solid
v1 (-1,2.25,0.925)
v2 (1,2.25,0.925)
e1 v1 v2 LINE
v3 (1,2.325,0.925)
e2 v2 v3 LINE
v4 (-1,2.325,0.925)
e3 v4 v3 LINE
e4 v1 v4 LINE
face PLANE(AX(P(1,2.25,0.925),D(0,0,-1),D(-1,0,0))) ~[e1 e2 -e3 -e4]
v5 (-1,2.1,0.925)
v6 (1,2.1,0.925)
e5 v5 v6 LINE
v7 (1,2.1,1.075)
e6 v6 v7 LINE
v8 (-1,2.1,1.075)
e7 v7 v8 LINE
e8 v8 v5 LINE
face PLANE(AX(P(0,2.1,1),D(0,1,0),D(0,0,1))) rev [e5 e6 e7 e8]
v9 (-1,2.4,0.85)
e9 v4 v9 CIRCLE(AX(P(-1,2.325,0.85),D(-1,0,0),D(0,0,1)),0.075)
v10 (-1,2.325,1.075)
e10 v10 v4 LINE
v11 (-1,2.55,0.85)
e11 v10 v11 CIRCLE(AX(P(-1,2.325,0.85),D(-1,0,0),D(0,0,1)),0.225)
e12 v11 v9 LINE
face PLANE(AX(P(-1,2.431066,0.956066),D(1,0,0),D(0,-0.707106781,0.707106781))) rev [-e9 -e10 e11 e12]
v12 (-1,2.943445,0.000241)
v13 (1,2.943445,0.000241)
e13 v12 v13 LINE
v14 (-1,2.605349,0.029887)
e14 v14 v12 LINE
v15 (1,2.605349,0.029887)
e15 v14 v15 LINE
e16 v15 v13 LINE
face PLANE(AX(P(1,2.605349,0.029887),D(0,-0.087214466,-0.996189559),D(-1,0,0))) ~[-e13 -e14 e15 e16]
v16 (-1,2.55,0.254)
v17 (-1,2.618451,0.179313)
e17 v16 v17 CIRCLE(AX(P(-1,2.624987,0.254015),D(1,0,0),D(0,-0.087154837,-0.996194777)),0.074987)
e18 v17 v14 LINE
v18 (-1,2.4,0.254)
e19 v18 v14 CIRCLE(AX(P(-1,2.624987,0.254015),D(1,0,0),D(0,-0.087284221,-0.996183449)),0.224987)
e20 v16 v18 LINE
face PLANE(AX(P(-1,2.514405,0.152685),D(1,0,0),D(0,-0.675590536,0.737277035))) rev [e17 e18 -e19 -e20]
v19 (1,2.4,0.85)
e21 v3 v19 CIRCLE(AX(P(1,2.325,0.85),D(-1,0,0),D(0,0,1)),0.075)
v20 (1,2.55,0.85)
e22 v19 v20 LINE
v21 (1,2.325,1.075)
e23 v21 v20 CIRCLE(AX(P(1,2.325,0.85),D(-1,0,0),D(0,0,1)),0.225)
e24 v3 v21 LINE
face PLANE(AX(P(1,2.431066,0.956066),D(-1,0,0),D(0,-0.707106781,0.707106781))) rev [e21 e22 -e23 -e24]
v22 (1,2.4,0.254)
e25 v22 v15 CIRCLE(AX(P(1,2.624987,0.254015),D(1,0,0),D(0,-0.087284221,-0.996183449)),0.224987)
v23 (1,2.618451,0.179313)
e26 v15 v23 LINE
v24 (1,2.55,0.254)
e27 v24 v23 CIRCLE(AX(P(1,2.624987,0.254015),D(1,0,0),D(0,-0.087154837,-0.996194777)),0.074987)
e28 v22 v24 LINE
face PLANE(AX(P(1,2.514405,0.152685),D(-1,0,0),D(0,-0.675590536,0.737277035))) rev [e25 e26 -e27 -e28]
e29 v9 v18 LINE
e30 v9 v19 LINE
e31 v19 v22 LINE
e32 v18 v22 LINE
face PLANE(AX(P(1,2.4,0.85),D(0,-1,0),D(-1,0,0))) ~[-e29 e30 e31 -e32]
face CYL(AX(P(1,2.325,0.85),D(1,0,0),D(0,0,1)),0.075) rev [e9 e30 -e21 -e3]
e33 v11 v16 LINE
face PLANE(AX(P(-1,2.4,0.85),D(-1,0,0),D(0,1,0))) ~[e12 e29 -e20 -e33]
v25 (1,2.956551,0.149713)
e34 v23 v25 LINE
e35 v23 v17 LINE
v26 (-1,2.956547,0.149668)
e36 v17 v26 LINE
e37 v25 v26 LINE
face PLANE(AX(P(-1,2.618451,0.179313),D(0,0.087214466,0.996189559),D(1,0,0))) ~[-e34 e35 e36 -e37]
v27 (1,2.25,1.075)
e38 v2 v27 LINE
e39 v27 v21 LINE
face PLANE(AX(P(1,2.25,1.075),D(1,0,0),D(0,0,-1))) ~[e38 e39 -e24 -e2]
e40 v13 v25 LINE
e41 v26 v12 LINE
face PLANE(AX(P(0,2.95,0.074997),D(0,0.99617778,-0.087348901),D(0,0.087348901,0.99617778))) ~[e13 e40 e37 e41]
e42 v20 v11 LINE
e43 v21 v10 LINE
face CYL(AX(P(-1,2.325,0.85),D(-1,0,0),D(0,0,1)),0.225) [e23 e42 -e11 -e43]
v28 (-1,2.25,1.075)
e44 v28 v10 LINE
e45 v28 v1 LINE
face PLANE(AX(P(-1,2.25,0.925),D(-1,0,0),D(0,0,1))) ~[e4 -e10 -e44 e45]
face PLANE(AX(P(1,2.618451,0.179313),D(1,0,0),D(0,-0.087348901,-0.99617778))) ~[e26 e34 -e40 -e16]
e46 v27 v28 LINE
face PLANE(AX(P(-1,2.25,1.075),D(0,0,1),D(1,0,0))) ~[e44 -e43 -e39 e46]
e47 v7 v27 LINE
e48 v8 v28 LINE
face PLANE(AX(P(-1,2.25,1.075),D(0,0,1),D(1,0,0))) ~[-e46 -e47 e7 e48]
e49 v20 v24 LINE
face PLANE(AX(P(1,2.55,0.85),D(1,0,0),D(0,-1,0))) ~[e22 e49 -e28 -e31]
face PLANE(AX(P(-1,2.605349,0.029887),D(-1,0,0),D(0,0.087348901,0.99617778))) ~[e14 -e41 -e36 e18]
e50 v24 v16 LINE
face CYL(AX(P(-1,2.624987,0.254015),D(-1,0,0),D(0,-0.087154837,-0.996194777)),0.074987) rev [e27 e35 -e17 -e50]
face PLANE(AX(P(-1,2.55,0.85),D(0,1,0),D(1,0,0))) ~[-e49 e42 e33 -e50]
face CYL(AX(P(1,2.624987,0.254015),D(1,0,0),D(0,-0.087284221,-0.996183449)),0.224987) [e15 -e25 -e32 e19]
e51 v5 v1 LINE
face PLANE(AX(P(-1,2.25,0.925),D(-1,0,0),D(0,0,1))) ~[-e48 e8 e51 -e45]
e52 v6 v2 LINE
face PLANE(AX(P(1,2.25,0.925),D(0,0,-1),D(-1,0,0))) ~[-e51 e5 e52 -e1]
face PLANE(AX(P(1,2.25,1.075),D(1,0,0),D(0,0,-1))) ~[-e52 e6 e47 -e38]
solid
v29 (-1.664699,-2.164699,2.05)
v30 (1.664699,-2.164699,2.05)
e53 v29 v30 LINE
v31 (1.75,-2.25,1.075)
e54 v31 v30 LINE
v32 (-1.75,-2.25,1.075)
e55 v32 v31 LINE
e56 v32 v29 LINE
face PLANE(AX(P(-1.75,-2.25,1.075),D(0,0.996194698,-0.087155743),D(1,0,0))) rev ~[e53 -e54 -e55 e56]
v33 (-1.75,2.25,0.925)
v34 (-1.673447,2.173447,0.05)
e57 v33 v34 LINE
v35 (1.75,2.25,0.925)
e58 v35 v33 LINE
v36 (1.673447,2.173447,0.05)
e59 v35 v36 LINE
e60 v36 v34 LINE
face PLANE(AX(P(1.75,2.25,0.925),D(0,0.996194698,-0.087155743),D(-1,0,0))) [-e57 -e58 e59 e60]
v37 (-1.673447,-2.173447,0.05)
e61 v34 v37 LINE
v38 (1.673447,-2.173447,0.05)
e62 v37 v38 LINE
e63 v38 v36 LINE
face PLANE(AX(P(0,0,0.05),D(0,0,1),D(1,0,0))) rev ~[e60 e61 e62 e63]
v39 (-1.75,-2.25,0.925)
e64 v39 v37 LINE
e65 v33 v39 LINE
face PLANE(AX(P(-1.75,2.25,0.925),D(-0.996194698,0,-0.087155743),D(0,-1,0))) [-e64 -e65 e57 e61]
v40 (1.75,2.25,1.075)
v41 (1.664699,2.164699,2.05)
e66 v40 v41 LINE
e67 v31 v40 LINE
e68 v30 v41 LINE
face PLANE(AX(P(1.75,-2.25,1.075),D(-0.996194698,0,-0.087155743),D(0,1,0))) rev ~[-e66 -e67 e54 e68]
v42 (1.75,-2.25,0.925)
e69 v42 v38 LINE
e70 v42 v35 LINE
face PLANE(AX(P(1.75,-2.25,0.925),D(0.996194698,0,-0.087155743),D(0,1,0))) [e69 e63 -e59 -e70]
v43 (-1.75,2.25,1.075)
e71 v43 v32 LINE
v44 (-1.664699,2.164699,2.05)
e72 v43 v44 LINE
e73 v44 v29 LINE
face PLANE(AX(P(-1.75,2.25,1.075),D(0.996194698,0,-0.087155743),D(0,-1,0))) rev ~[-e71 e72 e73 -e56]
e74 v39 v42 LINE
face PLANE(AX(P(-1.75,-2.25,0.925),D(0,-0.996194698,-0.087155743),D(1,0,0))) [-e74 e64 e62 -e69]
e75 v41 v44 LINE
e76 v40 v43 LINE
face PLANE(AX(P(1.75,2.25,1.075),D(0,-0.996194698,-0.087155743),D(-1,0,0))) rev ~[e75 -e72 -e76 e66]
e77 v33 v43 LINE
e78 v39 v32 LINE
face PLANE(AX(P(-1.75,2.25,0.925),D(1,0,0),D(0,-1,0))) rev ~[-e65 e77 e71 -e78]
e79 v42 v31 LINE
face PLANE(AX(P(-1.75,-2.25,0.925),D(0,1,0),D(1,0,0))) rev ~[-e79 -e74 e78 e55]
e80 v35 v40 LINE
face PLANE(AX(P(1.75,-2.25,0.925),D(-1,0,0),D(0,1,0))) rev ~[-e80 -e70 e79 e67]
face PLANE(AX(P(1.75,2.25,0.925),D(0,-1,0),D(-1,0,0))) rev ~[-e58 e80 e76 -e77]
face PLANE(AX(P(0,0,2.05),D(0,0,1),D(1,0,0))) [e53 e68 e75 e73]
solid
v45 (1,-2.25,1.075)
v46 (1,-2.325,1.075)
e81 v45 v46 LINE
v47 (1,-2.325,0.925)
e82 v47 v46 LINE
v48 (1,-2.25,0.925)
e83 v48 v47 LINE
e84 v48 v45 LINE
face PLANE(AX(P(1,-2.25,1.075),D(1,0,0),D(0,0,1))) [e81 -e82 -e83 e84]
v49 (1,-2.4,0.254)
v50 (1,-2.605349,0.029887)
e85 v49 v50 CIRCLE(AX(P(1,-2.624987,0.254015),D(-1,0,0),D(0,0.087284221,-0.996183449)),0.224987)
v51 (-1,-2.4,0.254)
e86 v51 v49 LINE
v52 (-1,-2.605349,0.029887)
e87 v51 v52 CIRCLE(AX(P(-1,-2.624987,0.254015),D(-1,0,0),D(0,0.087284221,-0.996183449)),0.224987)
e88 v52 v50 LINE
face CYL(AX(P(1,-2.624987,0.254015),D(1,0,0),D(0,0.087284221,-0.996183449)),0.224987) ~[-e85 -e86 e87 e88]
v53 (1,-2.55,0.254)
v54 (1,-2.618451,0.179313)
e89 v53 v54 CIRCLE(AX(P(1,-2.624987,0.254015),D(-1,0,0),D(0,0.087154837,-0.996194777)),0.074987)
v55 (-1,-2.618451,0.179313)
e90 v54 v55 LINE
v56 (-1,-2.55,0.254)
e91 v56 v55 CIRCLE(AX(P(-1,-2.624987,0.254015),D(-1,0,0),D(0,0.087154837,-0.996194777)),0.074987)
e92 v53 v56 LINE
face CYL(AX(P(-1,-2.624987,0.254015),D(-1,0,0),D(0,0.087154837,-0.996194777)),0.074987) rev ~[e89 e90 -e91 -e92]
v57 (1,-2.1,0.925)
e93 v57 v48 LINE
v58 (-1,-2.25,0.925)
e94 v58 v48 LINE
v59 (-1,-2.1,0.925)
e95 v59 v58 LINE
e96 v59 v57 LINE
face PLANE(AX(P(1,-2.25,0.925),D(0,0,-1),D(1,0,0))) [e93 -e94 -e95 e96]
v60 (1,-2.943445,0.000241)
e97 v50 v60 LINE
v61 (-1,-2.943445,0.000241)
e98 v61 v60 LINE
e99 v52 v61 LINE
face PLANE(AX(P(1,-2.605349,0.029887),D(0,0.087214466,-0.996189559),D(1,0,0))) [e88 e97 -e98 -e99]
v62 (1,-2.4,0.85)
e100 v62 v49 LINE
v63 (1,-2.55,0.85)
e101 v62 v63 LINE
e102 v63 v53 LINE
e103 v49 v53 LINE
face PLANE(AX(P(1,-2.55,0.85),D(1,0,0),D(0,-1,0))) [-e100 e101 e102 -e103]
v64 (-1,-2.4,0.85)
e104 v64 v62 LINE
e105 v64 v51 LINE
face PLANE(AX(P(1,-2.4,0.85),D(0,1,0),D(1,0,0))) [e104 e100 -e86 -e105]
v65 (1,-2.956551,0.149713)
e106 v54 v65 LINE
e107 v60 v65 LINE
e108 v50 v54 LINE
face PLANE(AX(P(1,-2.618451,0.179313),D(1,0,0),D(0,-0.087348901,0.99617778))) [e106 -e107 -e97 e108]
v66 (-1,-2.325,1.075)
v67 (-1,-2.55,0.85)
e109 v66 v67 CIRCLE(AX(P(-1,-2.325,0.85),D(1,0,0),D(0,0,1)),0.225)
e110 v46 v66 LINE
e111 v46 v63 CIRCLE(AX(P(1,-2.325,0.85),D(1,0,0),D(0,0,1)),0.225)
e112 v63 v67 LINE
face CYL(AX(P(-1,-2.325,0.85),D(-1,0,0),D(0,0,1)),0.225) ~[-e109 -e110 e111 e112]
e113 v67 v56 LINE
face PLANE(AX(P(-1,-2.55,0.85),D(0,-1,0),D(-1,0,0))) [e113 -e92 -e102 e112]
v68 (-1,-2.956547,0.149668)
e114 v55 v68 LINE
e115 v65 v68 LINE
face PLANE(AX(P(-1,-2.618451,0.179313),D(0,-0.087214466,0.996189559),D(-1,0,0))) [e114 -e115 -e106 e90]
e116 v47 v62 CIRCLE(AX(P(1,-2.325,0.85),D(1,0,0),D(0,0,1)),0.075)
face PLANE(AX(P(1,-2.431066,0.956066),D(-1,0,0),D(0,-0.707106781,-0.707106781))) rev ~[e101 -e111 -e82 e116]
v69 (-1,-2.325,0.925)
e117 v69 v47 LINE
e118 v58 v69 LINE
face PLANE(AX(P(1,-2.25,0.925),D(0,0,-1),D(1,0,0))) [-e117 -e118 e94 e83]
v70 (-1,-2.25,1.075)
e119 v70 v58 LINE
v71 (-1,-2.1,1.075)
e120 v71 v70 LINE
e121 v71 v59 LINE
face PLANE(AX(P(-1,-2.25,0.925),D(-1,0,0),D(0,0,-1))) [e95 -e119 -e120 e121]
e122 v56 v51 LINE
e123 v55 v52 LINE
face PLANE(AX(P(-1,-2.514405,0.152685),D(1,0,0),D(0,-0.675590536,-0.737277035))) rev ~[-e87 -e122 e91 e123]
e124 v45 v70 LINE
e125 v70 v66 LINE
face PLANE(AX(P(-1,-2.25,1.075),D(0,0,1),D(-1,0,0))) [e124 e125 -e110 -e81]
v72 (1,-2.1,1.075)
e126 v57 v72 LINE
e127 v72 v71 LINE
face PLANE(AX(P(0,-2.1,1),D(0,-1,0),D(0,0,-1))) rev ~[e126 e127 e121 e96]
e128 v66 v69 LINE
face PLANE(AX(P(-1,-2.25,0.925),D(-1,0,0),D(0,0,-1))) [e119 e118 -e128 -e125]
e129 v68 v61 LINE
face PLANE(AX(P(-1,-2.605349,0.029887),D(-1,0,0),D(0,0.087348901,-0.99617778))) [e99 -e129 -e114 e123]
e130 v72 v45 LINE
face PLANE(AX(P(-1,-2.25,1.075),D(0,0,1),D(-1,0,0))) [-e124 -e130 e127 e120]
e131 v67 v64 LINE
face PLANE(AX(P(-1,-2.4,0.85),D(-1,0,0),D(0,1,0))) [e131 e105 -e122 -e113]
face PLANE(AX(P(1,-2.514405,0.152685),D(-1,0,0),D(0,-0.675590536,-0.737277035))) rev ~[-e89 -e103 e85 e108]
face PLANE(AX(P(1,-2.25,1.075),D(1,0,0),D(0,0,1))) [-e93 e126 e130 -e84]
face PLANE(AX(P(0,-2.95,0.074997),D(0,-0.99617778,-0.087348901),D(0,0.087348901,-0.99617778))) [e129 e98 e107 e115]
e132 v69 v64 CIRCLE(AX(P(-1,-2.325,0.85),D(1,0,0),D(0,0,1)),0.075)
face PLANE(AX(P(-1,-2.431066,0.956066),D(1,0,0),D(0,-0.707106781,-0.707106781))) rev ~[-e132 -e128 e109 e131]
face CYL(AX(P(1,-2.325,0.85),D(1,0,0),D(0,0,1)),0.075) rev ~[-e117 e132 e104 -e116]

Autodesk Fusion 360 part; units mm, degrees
ref_plane "WorkPlane1" through (0, 0, 0.925) normal (0, 0, 1) x (1, 0, 0)
sketch "Sketch1" plane through (0, 0, 0.925) normal (0, 0, 1) x (1, 0, 0)
  line L0 (1.75, 2.25) -> (-1.75, 2.25)
  line L1 (-1.75, 2.25) -> (-1.75, -2.25)
  line L2 (-1.75, -2.25) -> (1.75, -2.25)
  line L3 (1.75, -2.25) -> (1.75, 2.25)
  line L4 (1.75, 2.25) -> (-1.75, -2.25) construction
  line L5 (-1.75, 2.25) -> (1.75, -2.25) construction
  dimension "d2" = 3.5
  dimension "d3" = 4.5
extrude "Extrude1" add sketch "Sketch1" against normal blind 0.875 draft -5 makes body 1
extrude "Extrude3" add sketch "Sketch1" along normal blind 0.15 bodies 1
extrude "Extrude4" add sketch "Sketch1" along normal blind 0.975 draft -5 from surface at 0.15 bodies 1
sketch "Sketch2" plane through (0, -2.25, 0) normal (0, -1, 0) x (1, 0, 0)
  line L0 (1.4672, 0.1123) -> (1.5, 0.4887)
  line L1 (1, 0.925) -> (-1, 0.925)
  line L2 (-1, 0.925) -> (-1, 1.075)
  line L3 (-1, 1.075) -> (1, 1.075)
  line L4 (1, 1.075) -> (1, 0.925)
  line L5 (1, 0.925) -> (-1, 1.075) construction
  line L6 (-1, 0.925) -> (1, 1.075) construction
  line L7 (-1.75, 0.925) -> (1.75, 0.925)
  line L8 (1.75, 0.925) -> (1.75, 1.075)
  line L9 (1.75, 1.075) -> (-1.75, 1.075)
  line L10 (-1.75, 1.075) -> (-1.75, 0.925)
  point P0 (0, 1)
  dimension "d6" = 2
  dimension "d7" = 0.15
  dimension "d51" = 1
sketch "Sketch3" plane through (0, 0, 0) normal (1, 0, 0) x (0, 1, 0)
  line L0 (-2.25, 1) -> (-2.325, 1)
  arc A0 (-2.325, 1) -> (-2.475, 0.85) centre (-2.325, 0.85) ccw
  line L1 (-2.475, 0.85) -> (-2.475, 0.254)
  arc A1 (-2.6119, 0.1046) -> (-2.475, 0.254) centre (-2.625, 0.254) ccw
  line L2 (-2.6119, 0.1046) -> (-2.95, 0.075)
  line L3 (-2.25, 1.075) -> (-2.25, 0.925)
  line L4 (-2.25, 1) -> (-2.1, 1)
  line L5 (-2.95, 0.075) -> (-2.45, 0.075) construction
  point P0 (-2.25, 1)
  dimension "d10" = 0.15
  dimension "d11" = 0.075
  dimension "d21" = 0.15
  dimension "d22" = 0.225
  dimension "d23" = 0.7
  dimension "d24" = 0.5
  dimension "d25" = 5
  dimension "d26" = 0.15
sweep "Sweep1" add profiles "Sketch2" path "Sketch3" along L2 A1 L1 A0 L0 L4 section 1 contours L1 L2 L3 L4 L7 L9 separate body makes body 2
mirror "Mirror1" about plane through (0, 0, 0) normal (0, 1, 0) of "Sweep1" makes body 3
equation "d1 = tsop2_4_lead_attach - tsop2_4_lead_thickness / 2"
equation "d2 = tsop2_4_package_width"
equation "d3 = tsop2_4_package_depth"
equation "d4 = -tsop2_4_lead_attach + tsop2_4_lead_thickness / 2 + tsop2_4_above_board"
equation "d5 = -tsop2_4_package_taper"
equation "d6 = tsop2_4_lead_width"
equation "d7 = tsop2_4_lead_thickness"
equation "d10 = tsop2_4_lead_thickness"
equation "d11 = tsop2_4_lead_thickness / 2"
equation "tsop2_4_lead_thickness = 0.15 mm"
equation "tsop2_4_lead_attach = 1 mm"
equation "tsop2_4_lead_width = 2 mm"
equation "tsop2_4_lead_spacing = 1 mm"
equation "tsop2_4_package_width = 3.5 mm"
equation "tsop2_4_package_height = 2 mm"
equation "tsop2_4_package_depth = 4.5 mm"
equation "tsop2_4_above_board = 0.05 mm"
equation "d21 = tsop2_4_lead_into_package"
equation "d22 = tsop2_4_lead_thickness * ( 3 / 2 )"
equation "d23 = tsop2_4_lead_extension"
equation "d25 = tsop2_4_lead_foot_angle"
equation "d26 = d10"
equation "tsop2_4_lead_extension = 0.7 mm"
equation "tsop2_4_lead_foot_angle = 5 deg"
equation "tsop2_4_lead_into_package = 0.15 mm"
equation "tsop2_4_optional_lead_extension = 0 mm"
equation "tsop2_4_package_taper = 5 deg"
equation "d46 = tsop2_4_lead_thickness"
equation "d48 = tsop2_4_lead_thickness"
equation "d49 = tsop2_4_package_height - tsop2_4_lead_thickness / 2 - ( tsop2_4_lead_attach - tsop2_4_above_board )"
equation "d50 = -tsop2_4_package_taper"
equation "d51 = tsop2_4_lead_attach"
